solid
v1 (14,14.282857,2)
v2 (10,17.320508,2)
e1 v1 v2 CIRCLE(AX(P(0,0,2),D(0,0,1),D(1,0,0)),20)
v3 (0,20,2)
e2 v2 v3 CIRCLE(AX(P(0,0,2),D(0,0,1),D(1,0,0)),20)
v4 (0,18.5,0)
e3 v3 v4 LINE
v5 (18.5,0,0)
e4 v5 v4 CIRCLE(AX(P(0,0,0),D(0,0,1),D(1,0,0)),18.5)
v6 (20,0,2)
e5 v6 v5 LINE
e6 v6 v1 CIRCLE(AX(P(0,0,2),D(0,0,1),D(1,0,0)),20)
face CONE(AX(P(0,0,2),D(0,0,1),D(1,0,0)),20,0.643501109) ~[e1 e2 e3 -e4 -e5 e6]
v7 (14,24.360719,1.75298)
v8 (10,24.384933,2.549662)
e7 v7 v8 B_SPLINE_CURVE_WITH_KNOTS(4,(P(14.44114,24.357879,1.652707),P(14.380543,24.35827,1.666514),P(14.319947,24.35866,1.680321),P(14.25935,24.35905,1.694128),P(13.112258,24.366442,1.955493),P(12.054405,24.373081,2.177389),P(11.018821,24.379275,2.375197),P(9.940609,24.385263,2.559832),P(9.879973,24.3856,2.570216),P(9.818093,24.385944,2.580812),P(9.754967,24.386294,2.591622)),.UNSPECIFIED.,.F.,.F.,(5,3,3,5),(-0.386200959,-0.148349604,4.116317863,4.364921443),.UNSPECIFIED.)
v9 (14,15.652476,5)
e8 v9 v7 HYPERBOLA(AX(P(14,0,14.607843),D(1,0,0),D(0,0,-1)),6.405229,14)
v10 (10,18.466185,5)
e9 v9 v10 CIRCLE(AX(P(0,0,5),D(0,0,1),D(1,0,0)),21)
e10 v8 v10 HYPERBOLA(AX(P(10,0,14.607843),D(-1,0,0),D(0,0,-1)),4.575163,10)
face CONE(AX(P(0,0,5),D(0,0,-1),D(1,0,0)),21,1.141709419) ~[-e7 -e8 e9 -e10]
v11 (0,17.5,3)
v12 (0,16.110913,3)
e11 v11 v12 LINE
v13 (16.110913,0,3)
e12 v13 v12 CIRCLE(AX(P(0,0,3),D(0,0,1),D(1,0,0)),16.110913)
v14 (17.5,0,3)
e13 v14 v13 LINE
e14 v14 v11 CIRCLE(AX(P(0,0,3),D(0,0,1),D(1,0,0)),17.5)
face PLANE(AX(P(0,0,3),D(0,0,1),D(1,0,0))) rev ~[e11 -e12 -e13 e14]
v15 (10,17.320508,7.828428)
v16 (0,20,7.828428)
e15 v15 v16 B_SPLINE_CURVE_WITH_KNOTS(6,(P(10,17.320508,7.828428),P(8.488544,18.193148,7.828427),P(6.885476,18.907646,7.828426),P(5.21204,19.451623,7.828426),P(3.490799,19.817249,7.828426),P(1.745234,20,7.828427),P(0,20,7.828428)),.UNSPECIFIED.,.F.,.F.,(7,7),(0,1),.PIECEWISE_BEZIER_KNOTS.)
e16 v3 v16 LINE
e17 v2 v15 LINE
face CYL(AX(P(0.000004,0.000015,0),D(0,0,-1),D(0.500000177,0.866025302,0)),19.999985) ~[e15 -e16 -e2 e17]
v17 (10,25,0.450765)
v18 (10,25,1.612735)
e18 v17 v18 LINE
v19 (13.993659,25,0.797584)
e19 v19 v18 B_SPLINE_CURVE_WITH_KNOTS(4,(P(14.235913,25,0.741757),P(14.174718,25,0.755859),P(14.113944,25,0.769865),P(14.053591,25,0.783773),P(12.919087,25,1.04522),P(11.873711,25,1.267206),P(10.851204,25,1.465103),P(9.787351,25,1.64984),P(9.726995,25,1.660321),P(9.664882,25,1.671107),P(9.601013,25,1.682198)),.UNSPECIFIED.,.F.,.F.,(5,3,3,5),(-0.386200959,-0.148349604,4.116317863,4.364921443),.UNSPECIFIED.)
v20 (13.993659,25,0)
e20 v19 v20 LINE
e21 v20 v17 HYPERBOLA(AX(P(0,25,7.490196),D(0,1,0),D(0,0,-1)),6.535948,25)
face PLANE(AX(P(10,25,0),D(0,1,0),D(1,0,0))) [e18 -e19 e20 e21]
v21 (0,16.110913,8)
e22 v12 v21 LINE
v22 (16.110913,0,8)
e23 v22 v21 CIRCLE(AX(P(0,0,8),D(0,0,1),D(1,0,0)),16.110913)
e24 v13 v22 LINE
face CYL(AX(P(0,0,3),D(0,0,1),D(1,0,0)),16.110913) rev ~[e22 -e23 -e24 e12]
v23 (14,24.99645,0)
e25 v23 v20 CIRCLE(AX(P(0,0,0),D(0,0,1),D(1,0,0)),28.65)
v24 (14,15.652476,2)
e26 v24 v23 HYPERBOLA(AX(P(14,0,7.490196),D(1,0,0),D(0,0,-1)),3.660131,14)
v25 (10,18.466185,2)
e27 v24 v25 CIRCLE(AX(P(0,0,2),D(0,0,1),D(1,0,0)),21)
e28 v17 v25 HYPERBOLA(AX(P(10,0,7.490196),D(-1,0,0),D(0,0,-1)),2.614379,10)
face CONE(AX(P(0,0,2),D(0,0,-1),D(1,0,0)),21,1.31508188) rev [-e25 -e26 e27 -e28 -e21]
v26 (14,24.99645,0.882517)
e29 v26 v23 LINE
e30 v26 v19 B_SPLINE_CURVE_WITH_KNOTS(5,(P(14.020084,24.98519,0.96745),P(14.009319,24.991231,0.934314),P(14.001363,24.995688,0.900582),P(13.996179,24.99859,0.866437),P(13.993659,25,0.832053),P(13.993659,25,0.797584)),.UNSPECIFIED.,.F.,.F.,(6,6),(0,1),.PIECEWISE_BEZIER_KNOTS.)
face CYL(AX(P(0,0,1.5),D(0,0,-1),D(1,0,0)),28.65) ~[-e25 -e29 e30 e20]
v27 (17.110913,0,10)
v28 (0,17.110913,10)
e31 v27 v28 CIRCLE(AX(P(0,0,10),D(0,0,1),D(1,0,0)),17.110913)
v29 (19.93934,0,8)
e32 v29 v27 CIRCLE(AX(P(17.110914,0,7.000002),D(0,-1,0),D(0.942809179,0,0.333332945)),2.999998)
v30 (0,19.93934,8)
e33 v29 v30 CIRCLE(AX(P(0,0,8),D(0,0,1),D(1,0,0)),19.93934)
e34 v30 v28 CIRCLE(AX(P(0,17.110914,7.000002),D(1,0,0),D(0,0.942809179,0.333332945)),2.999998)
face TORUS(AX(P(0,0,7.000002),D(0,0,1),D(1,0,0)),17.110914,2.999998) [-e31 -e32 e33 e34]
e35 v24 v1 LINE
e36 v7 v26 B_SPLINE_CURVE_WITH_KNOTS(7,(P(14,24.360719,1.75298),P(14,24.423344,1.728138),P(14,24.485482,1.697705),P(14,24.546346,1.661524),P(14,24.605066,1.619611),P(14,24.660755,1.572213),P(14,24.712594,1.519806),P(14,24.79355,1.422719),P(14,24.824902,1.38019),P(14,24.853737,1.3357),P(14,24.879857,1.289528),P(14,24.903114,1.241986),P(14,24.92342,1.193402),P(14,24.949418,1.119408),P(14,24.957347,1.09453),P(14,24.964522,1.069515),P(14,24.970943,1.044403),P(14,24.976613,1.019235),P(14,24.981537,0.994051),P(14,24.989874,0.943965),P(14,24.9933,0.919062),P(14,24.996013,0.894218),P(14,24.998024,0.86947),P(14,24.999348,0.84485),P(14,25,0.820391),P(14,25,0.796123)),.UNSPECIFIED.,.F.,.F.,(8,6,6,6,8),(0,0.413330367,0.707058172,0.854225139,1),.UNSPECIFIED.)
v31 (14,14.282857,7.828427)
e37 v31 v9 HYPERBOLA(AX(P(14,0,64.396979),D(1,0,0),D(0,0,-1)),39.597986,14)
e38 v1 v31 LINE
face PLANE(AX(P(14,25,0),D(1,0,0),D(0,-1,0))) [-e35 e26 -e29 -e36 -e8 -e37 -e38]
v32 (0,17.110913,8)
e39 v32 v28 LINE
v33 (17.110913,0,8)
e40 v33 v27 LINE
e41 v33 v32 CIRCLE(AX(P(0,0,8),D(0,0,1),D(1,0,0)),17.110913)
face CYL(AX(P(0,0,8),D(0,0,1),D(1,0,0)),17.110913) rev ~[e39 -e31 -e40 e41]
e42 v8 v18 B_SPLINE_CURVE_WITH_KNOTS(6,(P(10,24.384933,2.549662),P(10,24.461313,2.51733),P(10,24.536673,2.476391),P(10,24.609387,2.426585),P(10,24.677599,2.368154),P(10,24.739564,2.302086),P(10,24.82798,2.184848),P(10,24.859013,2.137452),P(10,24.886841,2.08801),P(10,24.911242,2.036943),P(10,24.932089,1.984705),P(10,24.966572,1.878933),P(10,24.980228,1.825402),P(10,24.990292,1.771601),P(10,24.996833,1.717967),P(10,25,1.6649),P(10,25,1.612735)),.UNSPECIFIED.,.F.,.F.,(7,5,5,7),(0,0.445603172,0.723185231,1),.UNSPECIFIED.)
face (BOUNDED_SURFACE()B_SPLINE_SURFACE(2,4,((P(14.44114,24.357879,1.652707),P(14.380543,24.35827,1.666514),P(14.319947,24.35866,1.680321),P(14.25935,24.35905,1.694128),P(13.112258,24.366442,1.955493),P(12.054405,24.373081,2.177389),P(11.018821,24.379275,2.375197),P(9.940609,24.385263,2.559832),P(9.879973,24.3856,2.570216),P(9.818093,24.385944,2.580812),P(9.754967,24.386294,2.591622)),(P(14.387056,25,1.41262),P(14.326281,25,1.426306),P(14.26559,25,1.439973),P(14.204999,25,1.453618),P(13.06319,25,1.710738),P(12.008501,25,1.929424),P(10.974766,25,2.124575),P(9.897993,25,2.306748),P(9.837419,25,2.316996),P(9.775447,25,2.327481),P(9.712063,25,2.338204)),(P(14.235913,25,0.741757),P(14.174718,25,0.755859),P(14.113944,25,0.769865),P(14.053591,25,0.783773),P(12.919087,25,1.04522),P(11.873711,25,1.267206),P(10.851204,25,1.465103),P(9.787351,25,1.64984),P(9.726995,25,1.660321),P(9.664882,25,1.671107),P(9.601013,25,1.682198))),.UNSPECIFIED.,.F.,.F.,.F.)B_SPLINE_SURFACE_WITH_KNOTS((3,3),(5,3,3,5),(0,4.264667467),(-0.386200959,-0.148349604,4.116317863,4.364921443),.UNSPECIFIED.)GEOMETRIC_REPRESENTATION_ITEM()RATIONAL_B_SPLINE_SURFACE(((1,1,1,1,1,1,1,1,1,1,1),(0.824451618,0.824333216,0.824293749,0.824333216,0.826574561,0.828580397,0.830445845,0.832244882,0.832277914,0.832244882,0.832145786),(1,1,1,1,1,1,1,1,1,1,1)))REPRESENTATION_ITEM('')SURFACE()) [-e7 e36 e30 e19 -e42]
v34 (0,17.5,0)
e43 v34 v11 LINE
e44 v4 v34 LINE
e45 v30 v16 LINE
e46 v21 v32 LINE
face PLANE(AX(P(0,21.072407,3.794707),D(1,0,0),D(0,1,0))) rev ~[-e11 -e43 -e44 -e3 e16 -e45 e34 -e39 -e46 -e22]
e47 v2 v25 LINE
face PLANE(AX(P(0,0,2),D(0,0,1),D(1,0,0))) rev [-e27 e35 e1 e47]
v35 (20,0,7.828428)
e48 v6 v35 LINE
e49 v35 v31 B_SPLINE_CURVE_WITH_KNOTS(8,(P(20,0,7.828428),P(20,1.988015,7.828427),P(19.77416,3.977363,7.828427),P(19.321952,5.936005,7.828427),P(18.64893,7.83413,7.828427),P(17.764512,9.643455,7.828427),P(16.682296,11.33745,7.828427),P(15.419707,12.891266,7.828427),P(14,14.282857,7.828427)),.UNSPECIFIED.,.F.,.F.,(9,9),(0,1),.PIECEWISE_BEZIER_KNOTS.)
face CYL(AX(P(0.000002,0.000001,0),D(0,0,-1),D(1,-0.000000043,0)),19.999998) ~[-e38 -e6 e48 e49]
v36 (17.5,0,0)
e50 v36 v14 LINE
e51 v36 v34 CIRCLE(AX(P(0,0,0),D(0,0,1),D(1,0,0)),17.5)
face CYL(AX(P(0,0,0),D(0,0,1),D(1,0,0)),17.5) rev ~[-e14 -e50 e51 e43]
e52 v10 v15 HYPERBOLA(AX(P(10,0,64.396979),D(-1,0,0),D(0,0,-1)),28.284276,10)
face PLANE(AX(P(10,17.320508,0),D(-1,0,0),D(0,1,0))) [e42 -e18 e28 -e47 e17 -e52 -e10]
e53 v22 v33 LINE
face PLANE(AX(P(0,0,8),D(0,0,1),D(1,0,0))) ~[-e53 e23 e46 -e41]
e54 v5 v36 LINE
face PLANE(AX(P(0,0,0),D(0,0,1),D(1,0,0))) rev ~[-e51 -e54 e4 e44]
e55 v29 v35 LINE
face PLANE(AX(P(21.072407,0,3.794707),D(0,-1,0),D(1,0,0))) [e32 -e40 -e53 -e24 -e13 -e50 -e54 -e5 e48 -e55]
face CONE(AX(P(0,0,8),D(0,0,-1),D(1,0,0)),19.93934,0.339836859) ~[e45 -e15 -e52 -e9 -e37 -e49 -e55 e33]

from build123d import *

# Parameters (mm, degrees)
REVOLUTION_ANGLE = 90
POCKET_DEPTH     = 10.001
FILLET_R         = 1


with BuildPart() as part:
    # Sketch001 → Revolution (revolve)
    with BuildSketch(Plane.XZ):
        with BuildLine():
            ThreePointArc((19.93934, 8), (18.842964, 9.44949), (17.110913, 10))
            Line((17.110913, 8), (17.110913, 10))
            Line((16.110913, 8), (17.110913, 8))
            Line((16.110913, 3), (16.110913, 8))
            Line((17.5, 3), (16.110913, 3))
            Line((17.5, 0), (17.5, 3))
            Line((18.5, 0), (17.5, 0))
            Line((20, 2), (18.5, 0))
            Line((20, 2), (21, 2))
            Line((21, 2), (28.65, 0))
            Line((28.65, 1.5), (28.65, 0))
            Line((21, 5), (28.65, 1.5))
            Line((19.93934, 8), (21, 5))
        make_face()
    revolve(axis=Axis((0, 0, 0), (0, 0, 1)), revolution_arc=REVOLUTION_ANGLE)

    # Sketch002 → Pocket (cut, through all)
    with BuildSketch(Plane.XY):
        with BuildLine():
            Line((10, 17.320508), (10, 25))
            Line((10, 25), (14, 25))
            Line((14, 25), (14, 14.282857))
            ThreePointArc((20, 0), (18.439089, 7.745967), (14, 14.282857))
            Line((37.402618, 0), (20, 0))
            Line((37.402618, 41.95618), (37.402618, 0))
            Line((0, 41.95618), (37.402618, 41.95618))
            Line((0, 20), (0, 41.95618))
            ThreePointArc((10, 17.320508), (5.176381, 19.318517), (0, 20))
        make_face()
    extrude(amount=POCKET_DEPTH, mode=Mode.SUBTRACT)

    # Fillet
    fillet_edges = [part.edges().sort_by_distance(p)[0] for p in [
        (12.001906, 25, 1.920149),
    ]]
    fillet(fillet_edges, radius=FILLET_R)


solid = part.part
